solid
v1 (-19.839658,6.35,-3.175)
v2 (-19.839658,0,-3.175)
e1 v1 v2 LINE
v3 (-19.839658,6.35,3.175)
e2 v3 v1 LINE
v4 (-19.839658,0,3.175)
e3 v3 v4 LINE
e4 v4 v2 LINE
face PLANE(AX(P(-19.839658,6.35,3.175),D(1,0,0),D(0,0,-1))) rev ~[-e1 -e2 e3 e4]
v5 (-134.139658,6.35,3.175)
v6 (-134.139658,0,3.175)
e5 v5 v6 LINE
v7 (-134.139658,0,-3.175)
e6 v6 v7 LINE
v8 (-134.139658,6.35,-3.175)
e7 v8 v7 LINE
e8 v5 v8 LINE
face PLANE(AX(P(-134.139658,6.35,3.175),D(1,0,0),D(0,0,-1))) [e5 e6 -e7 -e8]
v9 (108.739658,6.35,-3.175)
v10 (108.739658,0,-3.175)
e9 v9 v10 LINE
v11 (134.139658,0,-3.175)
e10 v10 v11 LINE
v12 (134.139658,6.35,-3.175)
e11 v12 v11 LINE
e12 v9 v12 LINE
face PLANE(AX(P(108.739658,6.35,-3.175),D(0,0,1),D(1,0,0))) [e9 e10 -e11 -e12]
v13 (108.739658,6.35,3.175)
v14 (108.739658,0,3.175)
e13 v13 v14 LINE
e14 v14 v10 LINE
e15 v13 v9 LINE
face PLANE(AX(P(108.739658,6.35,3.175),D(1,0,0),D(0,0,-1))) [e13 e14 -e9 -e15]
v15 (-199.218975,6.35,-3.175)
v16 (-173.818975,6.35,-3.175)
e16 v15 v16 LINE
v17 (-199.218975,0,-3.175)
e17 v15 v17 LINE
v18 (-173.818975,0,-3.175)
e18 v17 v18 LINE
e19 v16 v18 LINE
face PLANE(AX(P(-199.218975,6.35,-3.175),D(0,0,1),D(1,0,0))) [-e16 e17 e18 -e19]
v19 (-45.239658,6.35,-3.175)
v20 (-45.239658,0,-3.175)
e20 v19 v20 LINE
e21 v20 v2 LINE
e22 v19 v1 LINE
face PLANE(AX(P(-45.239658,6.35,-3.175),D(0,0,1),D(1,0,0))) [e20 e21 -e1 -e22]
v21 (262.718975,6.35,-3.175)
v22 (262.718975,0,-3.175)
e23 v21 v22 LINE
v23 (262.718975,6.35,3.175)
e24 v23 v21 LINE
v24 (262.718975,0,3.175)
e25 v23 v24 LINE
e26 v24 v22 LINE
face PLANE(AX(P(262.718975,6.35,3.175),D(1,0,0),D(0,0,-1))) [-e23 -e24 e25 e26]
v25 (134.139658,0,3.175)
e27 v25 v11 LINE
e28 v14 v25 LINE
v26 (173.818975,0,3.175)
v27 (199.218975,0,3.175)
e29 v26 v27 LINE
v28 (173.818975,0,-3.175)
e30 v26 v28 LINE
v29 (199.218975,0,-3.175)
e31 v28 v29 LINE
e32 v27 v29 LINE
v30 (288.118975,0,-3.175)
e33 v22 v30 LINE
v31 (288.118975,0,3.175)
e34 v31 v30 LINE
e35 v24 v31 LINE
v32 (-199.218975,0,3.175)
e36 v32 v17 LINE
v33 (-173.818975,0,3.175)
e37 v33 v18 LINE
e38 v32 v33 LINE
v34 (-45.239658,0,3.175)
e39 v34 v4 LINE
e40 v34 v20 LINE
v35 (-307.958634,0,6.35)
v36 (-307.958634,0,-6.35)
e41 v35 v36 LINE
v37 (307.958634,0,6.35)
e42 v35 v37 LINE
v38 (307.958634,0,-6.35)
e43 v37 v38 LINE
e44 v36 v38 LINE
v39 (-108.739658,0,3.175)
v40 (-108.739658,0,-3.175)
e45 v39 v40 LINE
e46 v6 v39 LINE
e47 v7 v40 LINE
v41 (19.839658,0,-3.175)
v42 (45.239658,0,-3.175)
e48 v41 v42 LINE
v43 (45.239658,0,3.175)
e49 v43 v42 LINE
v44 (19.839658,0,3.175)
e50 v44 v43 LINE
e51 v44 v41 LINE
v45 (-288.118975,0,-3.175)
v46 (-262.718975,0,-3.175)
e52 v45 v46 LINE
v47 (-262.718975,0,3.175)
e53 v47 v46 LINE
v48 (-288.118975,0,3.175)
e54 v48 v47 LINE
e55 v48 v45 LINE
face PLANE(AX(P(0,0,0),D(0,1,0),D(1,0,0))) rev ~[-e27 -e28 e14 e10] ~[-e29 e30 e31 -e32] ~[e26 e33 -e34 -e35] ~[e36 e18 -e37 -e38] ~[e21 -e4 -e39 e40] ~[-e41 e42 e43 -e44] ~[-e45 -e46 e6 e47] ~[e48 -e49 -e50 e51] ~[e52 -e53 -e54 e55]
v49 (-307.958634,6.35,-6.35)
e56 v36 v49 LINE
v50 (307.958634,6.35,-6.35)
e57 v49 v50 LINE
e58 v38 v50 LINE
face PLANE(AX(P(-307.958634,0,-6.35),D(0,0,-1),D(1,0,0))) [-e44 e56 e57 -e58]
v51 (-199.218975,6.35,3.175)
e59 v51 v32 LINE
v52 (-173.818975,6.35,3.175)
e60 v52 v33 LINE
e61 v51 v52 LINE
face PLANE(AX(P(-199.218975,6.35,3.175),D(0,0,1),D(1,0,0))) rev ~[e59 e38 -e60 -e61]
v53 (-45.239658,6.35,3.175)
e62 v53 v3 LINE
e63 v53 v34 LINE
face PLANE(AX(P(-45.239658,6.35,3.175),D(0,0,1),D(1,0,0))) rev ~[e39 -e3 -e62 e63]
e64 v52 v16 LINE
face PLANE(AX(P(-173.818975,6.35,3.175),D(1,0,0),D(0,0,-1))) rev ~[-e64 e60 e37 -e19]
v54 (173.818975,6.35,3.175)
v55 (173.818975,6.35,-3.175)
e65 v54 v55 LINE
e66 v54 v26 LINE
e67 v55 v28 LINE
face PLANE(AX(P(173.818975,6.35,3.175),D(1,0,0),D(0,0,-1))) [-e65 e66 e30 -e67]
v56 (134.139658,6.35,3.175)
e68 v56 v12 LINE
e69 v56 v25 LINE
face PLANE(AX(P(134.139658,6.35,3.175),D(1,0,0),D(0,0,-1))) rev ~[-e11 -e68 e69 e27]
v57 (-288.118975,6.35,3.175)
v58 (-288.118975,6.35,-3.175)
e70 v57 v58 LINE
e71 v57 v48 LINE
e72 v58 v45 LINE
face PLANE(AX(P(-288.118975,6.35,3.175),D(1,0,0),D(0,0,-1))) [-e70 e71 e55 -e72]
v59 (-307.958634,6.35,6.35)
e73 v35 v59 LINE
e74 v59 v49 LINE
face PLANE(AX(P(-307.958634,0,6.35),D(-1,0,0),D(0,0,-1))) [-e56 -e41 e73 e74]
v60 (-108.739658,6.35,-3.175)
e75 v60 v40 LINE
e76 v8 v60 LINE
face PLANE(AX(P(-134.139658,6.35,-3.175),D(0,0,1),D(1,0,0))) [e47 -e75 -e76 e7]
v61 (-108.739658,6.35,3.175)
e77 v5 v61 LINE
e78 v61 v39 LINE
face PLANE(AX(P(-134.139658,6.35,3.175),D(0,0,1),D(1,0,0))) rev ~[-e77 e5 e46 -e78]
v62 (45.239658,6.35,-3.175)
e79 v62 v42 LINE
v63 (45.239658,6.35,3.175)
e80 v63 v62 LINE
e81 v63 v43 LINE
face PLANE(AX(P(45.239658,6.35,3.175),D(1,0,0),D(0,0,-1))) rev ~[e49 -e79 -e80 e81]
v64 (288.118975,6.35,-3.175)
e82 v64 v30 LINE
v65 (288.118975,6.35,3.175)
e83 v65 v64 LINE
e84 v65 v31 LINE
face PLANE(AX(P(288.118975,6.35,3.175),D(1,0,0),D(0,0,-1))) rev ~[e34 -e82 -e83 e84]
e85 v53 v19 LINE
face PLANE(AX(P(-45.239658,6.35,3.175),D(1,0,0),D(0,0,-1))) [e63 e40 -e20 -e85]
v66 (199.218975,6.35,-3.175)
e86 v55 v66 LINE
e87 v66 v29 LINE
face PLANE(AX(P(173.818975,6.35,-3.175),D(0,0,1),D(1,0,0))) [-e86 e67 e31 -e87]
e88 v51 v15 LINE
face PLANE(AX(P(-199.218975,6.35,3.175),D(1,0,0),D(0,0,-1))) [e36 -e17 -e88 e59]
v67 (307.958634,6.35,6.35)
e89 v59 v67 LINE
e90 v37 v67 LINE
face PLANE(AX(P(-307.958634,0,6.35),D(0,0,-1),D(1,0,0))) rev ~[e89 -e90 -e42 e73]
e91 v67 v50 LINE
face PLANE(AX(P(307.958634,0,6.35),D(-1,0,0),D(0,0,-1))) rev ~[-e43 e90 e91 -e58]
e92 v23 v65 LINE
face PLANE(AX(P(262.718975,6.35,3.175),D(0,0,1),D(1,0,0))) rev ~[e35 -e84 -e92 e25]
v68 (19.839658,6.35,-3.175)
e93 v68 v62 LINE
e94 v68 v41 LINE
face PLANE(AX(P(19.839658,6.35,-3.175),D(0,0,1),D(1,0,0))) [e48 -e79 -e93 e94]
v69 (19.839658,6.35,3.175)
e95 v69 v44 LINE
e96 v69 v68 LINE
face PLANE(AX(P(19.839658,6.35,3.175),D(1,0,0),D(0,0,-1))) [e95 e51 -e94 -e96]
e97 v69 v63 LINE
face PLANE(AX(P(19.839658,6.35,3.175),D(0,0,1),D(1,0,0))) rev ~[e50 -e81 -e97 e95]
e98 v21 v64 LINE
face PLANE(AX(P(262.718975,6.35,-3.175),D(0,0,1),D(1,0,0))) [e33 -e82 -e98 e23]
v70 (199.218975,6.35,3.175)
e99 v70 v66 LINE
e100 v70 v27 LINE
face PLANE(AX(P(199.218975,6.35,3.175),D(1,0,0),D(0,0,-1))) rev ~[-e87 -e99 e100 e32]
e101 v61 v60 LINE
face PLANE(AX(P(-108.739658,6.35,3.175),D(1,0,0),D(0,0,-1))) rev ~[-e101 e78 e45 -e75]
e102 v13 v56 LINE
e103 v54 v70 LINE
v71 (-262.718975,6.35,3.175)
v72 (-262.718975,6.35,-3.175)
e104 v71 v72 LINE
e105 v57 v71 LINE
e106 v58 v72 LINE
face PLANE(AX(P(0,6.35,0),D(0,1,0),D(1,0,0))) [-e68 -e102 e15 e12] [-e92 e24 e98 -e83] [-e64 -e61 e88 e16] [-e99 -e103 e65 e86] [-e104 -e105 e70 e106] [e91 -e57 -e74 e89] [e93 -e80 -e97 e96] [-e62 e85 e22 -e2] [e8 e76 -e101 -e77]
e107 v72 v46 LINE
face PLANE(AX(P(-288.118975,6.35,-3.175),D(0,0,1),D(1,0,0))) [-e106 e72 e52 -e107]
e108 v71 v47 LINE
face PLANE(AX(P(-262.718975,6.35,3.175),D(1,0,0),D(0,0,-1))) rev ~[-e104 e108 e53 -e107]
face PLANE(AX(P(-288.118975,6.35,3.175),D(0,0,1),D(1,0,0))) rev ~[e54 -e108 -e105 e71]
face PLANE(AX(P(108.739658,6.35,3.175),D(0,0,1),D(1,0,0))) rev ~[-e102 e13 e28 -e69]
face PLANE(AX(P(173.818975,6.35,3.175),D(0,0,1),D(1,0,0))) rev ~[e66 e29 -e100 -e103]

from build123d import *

# Parameters (mm, degrees)
SKETCH1_W           = 615.917267528
SKETCH1_H           = 12.7
BOSS_EXTRUDE1_DEPTH = 6.35
SKETCH2_W           = 25.4
SKETCH2_H           = 6.35
CUT_EXTRUDE1_DEPTH  = 7.35
LPATTERN1_COUNT     = 2
LPATTERN1_PITCH     = 307.958633764
LPATTERN1_COL_COUNT = 2
LPATTERN1_COL_PITCH = 307.958633764


with BuildPart() as part:
    # Sketch1 → Boss-Extrude1 (new body)
    with BuildSketch(Plane(origin=(0, 0, 0), x_dir=(1, 0, 0), z_dir=(0, 1, 0))):
        Rectangle(SKETCH1_W, SKETCH1_H)
    extrude(amount=BOSS_EXTRUDE1_DEPTH)

    # Sketch2 → Cut-Extrude1 (cut, through all)
    with BuildSketch(Plane(origin=(0, 6.35, 0), x_dir=(1, 0, 0), z_dir=(0, 1, 0))):
        with Locations((-32.539658441, 0)):
            Rectangle(SKETCH2_W, SKETCH2_H)
        with Locations((32.539658441, 0)):
            Rectangle(SKETCH2_W, SKETCH2_H)
        with Locations((-121.439658441, 0)):
            Rectangle(SKETCH2_W, SKETCH2_H)
        with Locations((121.439658441, 0)):
            Rectangle(SKETCH2_W, SKETCH2_H)
    cut_extrude1 = extrude(amount=-CUT_EXTRUDE1_DEPTH, mode=Mode.SUBTRACT)

    # LPattern1: Cut-Extrude1 ×2
    with Locations(*[(i * LPATTERN1_PITCH, 0, 0) for i in range(1, LPATTERN1_COUNT)]):
        add(cut_extrude1, mode=Mode.SUBTRACT)

    # LPattern1 col: Cut-Extrude1 ×2
    with Locations(*[(-i * LPATTERN1_COL_PITCH, 0, 0) for i in range(1, LPATTERN1_COL_COUNT)]):
        add(cut_extrude1, mode=Mode.SUBTRACT)


solid = part.part
